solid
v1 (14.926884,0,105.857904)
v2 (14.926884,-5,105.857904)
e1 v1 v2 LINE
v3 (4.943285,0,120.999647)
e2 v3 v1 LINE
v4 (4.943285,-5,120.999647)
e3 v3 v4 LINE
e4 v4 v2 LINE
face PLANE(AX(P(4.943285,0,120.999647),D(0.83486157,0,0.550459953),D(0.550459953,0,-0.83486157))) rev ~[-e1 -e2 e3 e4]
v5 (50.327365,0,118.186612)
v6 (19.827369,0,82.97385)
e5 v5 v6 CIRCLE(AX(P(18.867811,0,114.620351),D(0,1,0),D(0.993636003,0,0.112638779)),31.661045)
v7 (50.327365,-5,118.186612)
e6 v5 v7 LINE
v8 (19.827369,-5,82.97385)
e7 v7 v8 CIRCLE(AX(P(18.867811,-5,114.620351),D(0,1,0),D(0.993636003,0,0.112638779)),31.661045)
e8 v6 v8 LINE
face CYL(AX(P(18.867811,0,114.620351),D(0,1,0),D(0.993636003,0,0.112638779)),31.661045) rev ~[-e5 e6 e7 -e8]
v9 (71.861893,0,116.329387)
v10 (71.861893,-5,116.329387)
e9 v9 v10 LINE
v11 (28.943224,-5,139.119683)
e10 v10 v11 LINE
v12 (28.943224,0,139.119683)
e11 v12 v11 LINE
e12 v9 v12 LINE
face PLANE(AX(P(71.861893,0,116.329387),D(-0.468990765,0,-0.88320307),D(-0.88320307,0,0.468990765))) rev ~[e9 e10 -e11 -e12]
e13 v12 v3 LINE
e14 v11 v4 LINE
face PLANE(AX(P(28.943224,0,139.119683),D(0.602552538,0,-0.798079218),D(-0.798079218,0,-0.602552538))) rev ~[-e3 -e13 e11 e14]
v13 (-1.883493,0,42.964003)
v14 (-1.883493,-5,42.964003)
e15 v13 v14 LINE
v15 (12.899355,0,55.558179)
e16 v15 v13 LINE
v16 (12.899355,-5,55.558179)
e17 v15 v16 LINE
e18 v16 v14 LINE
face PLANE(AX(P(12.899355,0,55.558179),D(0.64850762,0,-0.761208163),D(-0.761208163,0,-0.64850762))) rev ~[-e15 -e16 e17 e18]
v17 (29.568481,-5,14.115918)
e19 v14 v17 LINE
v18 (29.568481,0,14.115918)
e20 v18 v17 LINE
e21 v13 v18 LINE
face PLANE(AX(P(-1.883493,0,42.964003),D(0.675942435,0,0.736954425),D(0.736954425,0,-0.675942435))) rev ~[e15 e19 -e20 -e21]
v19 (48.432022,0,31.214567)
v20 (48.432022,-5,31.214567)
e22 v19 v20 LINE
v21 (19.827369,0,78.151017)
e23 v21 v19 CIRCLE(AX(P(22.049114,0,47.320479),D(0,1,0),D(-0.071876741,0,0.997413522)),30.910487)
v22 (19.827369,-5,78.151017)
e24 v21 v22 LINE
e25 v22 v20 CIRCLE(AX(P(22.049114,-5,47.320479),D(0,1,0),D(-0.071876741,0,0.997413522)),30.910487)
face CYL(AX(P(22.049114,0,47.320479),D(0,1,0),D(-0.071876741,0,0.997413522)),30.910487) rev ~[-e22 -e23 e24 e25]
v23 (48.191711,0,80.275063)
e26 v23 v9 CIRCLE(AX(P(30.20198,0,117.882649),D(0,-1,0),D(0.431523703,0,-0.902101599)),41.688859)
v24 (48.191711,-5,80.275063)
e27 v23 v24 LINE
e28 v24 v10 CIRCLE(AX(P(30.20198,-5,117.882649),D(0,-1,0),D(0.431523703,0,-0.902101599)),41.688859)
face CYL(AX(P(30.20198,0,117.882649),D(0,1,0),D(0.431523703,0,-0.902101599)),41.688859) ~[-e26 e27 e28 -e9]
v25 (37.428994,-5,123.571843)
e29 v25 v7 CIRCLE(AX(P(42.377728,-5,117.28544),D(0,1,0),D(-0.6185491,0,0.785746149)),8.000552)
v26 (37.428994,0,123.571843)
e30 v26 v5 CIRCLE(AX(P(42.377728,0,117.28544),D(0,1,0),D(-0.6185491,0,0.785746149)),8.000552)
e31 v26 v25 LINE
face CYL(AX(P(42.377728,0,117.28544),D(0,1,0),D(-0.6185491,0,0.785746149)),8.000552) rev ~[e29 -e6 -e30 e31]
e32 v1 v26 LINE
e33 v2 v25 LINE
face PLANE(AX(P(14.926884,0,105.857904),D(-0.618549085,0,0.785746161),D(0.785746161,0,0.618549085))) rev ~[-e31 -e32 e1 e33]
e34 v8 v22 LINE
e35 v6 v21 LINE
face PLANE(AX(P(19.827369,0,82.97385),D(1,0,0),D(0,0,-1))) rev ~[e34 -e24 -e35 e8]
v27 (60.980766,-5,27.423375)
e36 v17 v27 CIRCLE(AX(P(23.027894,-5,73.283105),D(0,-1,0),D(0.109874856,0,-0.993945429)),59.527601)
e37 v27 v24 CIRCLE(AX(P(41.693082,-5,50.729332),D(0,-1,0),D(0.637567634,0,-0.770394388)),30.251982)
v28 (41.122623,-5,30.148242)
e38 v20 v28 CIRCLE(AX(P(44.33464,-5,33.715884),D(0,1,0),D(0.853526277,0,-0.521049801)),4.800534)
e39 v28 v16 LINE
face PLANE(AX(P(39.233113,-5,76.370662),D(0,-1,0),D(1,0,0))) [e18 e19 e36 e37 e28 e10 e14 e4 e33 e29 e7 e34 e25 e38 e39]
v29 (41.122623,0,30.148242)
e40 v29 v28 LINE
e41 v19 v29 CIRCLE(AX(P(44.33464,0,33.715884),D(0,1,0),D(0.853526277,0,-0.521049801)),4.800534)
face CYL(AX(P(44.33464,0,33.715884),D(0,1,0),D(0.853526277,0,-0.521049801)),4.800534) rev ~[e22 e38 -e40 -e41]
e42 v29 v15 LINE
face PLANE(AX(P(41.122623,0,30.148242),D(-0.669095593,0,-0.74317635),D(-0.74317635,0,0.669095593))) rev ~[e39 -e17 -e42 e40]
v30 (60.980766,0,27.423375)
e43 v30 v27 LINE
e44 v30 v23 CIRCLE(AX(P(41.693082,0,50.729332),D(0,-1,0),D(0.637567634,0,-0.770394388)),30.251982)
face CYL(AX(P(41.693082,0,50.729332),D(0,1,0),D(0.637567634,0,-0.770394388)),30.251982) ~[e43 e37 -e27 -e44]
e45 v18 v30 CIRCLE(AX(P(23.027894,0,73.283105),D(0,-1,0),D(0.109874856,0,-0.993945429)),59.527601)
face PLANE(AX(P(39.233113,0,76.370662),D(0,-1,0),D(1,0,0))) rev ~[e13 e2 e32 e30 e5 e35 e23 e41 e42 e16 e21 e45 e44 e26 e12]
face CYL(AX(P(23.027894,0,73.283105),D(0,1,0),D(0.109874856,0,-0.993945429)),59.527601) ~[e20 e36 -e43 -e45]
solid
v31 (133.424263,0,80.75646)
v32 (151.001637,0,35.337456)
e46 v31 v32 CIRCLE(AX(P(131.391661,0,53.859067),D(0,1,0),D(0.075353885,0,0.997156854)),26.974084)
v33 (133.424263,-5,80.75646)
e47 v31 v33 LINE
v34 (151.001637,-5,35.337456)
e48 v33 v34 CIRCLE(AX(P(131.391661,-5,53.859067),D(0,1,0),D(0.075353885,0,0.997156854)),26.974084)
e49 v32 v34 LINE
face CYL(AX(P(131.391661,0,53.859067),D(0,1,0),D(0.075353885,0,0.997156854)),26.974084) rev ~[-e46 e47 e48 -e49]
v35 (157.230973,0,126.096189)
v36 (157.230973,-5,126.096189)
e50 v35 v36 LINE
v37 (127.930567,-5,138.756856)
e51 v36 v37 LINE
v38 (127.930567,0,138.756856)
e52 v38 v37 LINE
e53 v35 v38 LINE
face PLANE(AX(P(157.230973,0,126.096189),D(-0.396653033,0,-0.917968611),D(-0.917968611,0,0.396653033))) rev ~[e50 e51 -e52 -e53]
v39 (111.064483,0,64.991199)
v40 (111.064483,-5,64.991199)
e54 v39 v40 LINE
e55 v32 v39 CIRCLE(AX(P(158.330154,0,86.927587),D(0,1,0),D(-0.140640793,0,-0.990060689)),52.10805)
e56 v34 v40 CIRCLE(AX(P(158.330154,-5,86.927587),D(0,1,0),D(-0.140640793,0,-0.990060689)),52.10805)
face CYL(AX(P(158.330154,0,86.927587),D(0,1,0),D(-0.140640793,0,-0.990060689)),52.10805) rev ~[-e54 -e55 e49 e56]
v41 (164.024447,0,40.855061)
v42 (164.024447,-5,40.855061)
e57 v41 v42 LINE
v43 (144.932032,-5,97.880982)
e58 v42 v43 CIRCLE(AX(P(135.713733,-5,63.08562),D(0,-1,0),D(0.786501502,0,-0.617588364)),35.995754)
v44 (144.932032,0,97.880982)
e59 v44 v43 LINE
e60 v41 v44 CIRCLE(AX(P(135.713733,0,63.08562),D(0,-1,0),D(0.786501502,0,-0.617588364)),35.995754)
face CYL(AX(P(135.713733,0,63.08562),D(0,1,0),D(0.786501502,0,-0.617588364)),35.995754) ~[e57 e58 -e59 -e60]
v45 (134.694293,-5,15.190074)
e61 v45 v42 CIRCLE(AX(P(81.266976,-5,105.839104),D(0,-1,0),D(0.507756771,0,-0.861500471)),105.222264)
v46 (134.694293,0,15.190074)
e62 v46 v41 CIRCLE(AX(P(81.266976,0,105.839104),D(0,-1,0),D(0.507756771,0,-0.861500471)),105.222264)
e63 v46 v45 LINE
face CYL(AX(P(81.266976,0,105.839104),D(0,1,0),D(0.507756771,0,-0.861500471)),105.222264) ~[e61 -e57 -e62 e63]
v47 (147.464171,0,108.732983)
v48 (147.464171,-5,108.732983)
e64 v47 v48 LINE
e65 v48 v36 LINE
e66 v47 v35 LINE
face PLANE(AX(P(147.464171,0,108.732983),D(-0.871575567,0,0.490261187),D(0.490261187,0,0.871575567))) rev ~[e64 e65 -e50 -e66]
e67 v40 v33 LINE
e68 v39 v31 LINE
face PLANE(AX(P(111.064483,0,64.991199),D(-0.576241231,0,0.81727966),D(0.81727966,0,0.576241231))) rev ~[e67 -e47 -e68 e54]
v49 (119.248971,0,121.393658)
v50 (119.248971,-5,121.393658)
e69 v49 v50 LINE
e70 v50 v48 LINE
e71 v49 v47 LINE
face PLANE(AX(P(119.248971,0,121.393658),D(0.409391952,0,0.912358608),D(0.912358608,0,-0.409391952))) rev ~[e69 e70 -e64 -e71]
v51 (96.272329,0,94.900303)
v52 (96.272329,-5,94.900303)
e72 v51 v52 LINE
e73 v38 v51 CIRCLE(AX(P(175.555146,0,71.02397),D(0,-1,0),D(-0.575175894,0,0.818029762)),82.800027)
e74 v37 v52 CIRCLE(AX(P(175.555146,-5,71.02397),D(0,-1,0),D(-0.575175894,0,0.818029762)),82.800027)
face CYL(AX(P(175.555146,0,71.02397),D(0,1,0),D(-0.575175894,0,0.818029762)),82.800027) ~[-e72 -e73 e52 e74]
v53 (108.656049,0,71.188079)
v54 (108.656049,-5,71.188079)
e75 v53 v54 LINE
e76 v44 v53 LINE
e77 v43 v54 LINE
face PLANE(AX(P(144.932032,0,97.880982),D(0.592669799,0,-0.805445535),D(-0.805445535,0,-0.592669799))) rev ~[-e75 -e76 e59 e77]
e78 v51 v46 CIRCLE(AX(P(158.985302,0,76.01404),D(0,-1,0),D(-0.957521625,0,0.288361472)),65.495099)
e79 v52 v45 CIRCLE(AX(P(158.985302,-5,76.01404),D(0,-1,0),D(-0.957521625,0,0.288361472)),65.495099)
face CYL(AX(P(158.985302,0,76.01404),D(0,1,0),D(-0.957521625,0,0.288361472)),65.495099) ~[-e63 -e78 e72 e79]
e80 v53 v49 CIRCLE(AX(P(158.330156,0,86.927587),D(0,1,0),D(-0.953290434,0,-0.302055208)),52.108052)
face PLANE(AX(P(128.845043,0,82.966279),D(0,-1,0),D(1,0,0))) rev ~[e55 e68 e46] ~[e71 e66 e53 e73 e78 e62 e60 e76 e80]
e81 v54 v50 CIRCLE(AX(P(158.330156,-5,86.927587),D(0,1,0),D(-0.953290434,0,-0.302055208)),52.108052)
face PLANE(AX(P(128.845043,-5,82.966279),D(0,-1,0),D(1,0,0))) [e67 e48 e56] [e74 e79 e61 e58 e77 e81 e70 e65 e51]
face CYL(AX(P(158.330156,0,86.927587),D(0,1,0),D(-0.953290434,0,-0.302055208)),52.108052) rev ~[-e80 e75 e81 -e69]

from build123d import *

# Parameters (mm, degrees)
F1_DEPTH = 5


with BuildPart() as f1:
    # F0 (on Front) → F1 (new body)
    with BuildSketch(Plane.XZ):
        with BuildLine():
            Line((-1.883493, 42.964003), (29.568481, 14.115918))
            ThreePointArc((29.568481, 14.115918), (46.248339, 18.471188), (60.980766, 27.423375))
            ThreePointArc((60.980766, 27.423375), (71.096461, 57.844364), (48.191711, 80.275063))
            ThreePointArc((48.191711, 80.275063), (65.051637, 95.003349), (71.861893, 116.329387))
            Line((71.861893, 116.329387), (28.943224, 139.119683))
            Line((28.943224, 139.119683), (4.943285, 120.999647))
            Line((4.943285, 120.999647), (14.926884, 105.857904))
            Line((14.926884, 105.857904), (37.428994, 123.571843))
            ThreePointArc((37.428994, 123.571843), (45.460184, 124.668346), (50.327365, 118.186612))
            ThreePointArc((50.327365, 118.186612), (42.79968, 93.891448), (19.827369, 82.97385))
            Line((19.827369, 82.97385), (19.827369, 78.151017))
            ThreePointArc((19.827369, 78.151017), (48.444152, 63.406504), (48.432022, 31.214567))
            ThreePointArc((48.432022, 31.214567), (45.027626, 28.965632), (41.122623, 30.148242))
            Line((41.122623, 30.148242), (12.899355, 55.558179))
            Line((12.899355, 55.558179), (-1.883493, 42.964003))
        make_face()
        with BuildLine():
            ThreePointArc((96.272329, 94.900303), (99.986545, 47.575429), (134.694293, 15.190074))
            ThreePointArc((134.694293, 15.190074), (150.558007, 26.652755), (164.024447, 40.855061))
            ThreePointArc((164.024447, 40.855061), (169.84723, 74.513596), (144.932032, 97.880982))
            Line((144.932032, 97.880982), (108.656049, 71.188079))
            ThreePointArc((108.656049, 71.188079), (107.344614, 97.685075), (119.248971, 121.393658))
            Line((119.248971, 121.393658), (147.464171, 108.732983))
            Line((147.464171, 108.732983), (157.230973, 126.096189))
            Line((157.230973, 126.096189), (127.930567, 138.756856))
            ThreePointArc((127.930567, 138.756856), (108.419305, 119.486566), (96.272329, 94.900303))
        make_face()
        with BuildLine():
            ThreePointArc((133.424263, 80.75646), (156.54761, 63.594541), (151.001637, 35.337456))
            ThreePointArc((151.001637, 35.337456), (127.266228, 45.091224), (111.064483, 64.991199))
            Line((111.064483, 64.991199), (133.424263, 80.75646))
        make_face(mode=Mode.SUBTRACT)
    extrude(amount=F1_DEPTH)


solid = f1.part
